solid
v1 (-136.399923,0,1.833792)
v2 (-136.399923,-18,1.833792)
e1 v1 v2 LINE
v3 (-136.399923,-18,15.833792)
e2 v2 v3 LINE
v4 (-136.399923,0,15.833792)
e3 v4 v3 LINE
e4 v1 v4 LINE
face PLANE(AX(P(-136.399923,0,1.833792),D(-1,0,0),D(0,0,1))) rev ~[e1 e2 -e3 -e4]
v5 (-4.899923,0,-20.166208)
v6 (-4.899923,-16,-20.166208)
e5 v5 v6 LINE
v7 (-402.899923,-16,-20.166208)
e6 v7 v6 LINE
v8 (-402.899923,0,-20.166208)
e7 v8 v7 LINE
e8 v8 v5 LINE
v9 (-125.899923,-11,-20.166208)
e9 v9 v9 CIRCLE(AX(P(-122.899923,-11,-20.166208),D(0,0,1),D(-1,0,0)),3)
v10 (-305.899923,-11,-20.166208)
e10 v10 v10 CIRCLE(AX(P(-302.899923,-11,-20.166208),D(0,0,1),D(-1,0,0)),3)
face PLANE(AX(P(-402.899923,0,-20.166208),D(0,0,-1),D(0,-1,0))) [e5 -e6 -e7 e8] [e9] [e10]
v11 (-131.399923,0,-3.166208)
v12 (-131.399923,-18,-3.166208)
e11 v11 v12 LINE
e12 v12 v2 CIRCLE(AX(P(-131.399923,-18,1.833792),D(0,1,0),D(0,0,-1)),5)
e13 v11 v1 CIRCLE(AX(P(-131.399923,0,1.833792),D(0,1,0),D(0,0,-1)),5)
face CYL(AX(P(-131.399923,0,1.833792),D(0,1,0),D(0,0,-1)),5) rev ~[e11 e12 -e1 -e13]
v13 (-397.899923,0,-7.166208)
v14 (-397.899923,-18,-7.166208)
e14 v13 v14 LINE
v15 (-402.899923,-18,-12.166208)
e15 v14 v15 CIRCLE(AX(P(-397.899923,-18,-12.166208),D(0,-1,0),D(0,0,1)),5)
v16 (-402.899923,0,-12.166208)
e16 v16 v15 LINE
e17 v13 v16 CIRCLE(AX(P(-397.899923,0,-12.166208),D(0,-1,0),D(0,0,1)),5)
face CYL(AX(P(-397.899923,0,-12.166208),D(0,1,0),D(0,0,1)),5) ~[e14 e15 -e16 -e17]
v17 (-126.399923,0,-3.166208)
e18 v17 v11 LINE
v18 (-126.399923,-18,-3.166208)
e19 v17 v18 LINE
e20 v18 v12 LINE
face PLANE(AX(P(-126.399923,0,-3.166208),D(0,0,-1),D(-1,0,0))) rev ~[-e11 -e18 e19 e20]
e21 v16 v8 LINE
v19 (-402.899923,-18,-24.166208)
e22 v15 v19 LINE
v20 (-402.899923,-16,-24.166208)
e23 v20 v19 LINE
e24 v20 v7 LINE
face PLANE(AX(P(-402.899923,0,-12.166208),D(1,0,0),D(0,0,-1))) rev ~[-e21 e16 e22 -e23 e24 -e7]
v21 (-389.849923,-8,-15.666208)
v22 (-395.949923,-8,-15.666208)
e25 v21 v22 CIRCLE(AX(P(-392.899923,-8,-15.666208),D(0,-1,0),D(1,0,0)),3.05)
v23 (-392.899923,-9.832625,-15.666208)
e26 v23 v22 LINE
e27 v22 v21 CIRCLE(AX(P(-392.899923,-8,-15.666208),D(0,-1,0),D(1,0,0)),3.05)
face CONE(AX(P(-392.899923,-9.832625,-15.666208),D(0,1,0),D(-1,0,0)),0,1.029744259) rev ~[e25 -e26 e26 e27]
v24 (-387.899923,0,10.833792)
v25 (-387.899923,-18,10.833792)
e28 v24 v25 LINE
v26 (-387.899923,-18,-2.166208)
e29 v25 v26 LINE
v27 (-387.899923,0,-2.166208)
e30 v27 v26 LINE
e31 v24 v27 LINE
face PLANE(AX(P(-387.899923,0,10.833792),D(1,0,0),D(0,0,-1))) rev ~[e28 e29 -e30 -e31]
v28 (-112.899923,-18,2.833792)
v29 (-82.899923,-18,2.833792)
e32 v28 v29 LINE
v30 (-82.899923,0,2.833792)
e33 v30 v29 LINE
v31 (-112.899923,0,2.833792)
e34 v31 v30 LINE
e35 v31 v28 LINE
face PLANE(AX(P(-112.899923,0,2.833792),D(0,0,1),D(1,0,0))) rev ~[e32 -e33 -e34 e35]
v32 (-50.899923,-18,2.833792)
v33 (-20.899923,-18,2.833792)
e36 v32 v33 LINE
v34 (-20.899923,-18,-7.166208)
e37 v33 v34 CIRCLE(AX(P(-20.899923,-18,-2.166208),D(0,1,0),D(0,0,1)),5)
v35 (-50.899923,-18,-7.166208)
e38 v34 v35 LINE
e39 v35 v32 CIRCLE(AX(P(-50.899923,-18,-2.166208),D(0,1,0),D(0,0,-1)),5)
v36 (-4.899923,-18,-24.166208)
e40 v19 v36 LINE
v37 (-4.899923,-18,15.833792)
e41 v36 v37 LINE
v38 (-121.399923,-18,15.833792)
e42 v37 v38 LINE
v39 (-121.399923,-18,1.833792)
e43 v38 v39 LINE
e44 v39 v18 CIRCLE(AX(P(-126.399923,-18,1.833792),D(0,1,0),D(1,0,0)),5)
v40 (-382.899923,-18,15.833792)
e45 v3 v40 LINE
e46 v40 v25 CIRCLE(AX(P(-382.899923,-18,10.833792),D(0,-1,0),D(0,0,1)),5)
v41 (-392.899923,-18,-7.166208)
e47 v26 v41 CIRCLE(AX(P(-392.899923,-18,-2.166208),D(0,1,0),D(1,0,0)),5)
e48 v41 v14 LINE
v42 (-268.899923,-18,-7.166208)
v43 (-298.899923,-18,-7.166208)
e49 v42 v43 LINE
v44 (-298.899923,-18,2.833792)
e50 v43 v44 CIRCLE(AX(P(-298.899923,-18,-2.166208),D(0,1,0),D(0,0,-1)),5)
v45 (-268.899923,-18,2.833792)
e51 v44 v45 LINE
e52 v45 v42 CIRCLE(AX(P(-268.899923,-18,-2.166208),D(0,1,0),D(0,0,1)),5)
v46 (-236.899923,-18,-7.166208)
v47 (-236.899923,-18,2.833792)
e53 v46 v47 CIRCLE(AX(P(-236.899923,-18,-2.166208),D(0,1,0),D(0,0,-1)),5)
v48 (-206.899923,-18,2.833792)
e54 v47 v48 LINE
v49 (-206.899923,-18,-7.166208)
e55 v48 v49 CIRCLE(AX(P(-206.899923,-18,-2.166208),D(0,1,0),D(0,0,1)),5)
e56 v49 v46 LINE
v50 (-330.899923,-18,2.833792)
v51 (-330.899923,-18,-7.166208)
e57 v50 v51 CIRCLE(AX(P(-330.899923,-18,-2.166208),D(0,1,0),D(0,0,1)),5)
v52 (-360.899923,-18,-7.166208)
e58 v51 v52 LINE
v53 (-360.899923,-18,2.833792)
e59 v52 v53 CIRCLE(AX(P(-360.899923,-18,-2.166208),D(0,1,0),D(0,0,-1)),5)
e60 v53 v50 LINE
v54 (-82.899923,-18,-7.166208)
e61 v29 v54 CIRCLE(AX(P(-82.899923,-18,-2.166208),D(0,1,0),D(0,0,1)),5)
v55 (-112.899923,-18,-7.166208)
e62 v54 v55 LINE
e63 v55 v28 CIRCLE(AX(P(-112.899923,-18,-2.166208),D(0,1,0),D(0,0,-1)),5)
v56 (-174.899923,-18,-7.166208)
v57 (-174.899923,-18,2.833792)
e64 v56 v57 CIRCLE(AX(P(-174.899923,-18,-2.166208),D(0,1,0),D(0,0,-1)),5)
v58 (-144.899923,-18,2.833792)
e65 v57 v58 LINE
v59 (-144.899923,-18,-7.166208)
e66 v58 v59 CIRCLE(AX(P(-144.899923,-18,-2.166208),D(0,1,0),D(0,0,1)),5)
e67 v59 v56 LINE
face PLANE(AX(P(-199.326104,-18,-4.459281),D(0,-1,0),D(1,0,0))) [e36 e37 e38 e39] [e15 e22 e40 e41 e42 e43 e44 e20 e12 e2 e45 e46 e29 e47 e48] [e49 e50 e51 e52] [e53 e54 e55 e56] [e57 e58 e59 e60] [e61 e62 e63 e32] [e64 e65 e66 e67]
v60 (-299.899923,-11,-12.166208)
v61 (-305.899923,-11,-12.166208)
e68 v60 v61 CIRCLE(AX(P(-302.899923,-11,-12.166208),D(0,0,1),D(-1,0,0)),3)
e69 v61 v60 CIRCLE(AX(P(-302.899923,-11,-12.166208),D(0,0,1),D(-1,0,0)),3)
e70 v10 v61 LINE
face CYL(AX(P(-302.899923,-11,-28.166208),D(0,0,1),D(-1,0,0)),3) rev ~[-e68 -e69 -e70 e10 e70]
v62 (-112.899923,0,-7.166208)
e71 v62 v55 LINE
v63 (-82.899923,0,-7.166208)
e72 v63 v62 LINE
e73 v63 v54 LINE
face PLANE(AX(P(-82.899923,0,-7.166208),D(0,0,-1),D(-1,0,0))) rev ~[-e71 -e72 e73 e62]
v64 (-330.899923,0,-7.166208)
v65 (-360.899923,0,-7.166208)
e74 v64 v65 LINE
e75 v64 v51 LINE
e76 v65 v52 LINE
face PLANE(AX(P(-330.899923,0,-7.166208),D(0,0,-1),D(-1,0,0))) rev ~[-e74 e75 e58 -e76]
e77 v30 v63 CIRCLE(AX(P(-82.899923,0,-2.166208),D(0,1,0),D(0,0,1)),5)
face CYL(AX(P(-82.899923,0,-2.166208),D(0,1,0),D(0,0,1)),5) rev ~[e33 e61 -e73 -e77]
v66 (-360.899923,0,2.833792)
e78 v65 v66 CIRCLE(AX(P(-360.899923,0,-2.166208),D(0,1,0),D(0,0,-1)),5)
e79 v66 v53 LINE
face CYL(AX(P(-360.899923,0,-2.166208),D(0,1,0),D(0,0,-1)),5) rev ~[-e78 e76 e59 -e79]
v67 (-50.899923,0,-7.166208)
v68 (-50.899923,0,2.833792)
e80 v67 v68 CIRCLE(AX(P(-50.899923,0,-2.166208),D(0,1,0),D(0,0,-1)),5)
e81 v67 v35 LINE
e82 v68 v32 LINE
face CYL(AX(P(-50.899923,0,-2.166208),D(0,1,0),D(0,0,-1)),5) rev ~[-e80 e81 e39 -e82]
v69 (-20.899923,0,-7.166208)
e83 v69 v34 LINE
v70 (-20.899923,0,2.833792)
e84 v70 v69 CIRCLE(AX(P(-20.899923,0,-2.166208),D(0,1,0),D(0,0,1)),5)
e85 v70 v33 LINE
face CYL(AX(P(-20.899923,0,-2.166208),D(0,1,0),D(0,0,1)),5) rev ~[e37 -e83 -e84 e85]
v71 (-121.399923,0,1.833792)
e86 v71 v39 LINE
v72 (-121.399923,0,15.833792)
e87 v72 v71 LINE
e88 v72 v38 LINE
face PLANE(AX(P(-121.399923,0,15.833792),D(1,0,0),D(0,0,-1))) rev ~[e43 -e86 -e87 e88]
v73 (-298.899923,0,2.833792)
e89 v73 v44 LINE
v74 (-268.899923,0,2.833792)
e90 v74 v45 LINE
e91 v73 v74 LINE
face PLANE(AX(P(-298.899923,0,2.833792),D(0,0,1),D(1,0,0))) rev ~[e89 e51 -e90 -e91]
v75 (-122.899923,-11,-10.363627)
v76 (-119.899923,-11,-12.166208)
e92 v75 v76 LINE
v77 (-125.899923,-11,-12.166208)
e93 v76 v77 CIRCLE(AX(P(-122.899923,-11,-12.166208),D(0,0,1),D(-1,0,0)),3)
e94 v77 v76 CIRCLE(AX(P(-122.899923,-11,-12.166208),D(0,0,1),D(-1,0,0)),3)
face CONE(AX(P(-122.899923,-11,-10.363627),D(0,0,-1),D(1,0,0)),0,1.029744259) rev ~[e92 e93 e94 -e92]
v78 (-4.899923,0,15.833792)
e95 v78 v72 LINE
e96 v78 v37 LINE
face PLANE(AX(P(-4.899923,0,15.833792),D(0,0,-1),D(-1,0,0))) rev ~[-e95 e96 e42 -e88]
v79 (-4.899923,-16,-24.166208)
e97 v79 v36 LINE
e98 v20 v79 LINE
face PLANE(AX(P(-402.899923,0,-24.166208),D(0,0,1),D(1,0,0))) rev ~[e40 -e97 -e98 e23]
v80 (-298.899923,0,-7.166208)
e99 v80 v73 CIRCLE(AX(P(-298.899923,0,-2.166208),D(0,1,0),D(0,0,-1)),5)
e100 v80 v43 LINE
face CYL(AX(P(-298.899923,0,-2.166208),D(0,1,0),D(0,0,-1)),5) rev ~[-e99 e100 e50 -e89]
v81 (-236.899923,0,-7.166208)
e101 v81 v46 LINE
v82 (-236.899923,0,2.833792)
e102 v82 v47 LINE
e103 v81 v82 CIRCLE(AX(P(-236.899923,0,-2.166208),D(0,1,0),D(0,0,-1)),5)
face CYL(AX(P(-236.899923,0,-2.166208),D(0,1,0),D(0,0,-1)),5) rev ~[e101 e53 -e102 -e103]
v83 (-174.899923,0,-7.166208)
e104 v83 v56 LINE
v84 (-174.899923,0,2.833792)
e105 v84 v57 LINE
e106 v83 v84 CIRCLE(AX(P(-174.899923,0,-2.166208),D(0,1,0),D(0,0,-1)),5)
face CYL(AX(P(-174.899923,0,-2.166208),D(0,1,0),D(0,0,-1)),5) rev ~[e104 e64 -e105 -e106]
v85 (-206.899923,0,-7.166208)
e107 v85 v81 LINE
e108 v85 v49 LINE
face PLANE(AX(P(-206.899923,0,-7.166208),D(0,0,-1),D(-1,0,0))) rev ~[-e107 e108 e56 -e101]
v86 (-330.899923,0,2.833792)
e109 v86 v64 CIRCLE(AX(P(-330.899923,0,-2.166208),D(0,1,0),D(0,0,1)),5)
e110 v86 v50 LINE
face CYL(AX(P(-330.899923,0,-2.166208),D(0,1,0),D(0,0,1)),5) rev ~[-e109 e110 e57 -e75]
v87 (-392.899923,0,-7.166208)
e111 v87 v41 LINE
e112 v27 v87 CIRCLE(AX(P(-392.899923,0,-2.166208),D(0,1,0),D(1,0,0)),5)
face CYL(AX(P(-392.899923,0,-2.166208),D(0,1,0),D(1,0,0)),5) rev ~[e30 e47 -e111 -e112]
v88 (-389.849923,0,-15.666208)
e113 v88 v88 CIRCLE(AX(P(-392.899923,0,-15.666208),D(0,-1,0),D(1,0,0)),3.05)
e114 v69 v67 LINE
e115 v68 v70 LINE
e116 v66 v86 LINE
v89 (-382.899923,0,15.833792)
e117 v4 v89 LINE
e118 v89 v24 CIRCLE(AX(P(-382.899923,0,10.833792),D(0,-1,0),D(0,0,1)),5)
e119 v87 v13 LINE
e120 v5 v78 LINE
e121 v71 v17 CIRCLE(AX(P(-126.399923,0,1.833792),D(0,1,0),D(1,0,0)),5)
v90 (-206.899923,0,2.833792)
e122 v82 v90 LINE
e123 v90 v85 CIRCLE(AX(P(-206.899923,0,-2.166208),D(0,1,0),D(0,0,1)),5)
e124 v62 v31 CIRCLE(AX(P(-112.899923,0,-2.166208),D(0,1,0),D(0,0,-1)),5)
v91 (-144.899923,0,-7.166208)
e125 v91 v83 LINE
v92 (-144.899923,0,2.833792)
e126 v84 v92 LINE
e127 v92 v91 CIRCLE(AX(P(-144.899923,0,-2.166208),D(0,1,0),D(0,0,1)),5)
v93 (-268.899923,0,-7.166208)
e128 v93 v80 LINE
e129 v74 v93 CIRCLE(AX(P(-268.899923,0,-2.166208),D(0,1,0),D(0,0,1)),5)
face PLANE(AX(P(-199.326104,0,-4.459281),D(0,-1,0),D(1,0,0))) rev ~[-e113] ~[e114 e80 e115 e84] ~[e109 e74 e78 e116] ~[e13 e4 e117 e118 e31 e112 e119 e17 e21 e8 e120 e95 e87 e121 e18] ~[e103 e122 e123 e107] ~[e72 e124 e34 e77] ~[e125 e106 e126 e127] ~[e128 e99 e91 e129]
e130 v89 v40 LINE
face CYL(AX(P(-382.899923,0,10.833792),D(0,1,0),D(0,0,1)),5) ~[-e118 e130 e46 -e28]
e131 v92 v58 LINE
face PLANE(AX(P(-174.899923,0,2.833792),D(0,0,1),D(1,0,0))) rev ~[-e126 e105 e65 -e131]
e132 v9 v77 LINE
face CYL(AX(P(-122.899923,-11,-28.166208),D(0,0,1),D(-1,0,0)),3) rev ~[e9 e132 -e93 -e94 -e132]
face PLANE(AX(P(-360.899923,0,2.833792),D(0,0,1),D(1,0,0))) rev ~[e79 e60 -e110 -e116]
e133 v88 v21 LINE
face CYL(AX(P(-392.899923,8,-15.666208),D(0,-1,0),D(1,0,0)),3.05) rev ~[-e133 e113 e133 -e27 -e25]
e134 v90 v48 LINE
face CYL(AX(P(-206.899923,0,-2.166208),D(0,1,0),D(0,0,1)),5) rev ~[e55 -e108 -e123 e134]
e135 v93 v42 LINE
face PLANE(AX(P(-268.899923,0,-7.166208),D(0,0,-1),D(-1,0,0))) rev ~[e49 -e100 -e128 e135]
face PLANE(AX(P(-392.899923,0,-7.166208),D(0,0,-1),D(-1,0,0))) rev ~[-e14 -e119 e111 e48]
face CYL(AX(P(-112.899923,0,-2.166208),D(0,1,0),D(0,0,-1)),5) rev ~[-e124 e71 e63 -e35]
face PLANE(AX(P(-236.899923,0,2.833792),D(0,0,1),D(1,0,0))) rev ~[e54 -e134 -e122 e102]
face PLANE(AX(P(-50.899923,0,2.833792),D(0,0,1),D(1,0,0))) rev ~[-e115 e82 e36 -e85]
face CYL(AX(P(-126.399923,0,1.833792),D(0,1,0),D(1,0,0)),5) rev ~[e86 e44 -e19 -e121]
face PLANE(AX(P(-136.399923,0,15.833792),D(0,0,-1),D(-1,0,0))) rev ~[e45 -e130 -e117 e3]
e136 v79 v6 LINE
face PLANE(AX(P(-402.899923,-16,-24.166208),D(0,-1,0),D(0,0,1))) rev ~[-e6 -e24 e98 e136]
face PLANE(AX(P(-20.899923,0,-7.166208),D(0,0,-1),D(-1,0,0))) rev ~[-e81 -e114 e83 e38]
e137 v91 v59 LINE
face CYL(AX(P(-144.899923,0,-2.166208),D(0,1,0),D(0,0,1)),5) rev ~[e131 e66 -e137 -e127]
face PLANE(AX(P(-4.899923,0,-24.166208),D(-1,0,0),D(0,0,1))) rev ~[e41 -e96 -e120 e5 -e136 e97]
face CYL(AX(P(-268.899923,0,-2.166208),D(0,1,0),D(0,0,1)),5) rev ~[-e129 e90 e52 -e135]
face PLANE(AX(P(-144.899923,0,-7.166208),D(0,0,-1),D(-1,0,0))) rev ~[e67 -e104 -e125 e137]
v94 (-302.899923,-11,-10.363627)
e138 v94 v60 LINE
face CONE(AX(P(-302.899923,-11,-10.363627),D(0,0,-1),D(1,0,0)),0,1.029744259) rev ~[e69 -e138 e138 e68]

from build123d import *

# Parameters (mm, degrees)
F1_DEPTH = 18
F2_W     = 16
F2_H     = 4
F3_DEPTH = 400
F5_D     = 6
F5_DEPTH = 8
F5_TIP   = 1.8025818571
F7_D     = 6.1
F7_DEPTH = 8
F7_TIP   = 1.832624888


with BuildPart() as f1:
    # F0 (on Front) → F1 (new body)
    with BuildSketch(Plane.XZ):
        with BuildLine():
            ThreePointArc((-397.8999233717, -7.1662084662), (-401.4354572777, -8.6306745602), (-402.8999233717, -12.1662084662))
            Line((-402.8999233717, -12.1662084662), (-402.8999233717, -24.1662084662))
            Line((-402.8999233717, -24.1662084662), (-4.8999233717, -24.1662084662))
            Line((-4.8999233717, -24.1662084662), (-4.8999233717, 15.8337915338))
            Line((-4.8999233717, 15.8337915338), (-121.3999233717, 15.8337915338))
            Line((-121.3999233717, 15.8337915338), (-121.3999233717, 1.8337915338))
            ThreePointArc((-121.3999233717, 1.8337915338), (-122.8643894658, -1.7017423721), (-126.3999233717, -3.1662084662))
            Line((-126.3999233717, -3.1662084662), (-131.3999233717, -3.1662084662))
            ThreePointArc((-131.3999233717, -3.1662084662), (-134.9354572777, -1.7017423721), (-136.3999233717, 1.8337915338))
            Line((-136.3999233717, 1.8337915338), (-136.3999233717, 15.8337915338))
            Line((-136.3999233717, 15.8337915338), (-382.8999233717, 15.8337915338))
            ThreePointArc((-382.8999233717, 15.8337915338), (-386.4354572777, 14.3693254398), (-387.8999233717, 10.8337915338))
            Line((-387.8999233717, 10.8337915338), (-387.8999233717, -2.1662084662))
            ThreePointArc((-387.8999233717, -2.1662084662), (-389.3643894658, -5.7017423721), (-392.8999233717, -7.1662084662))
            Line((-392.8999233717, -7.1662084662), (-397.8999233717, -7.1662084662))
        make_face()
        with BuildLine():
            ThreePointArc((-330.8999233717, 2.8337915338), (-325.8999233717, -2.1662084662), (-330.8999233717, -7.1662084662))
            Line((-330.8999233717, -7.1662084662), (-360.8999233717, -7.1662084662))
            ThreePointArc((-360.8999233717, -7.1662084662), (-365.8999233717, -2.1662084662), (-360.8999233717, 2.8337915338))
            Line((-360.8999233717, 2.8337915338), (-330.8999233717, 2.8337915338))
        make_face(mode=Mode.SUBTRACT)
        with BuildLine():
            ThreePointArc((-268.8999233717, 2.8337915338), (-263.8999233717, -2.1662084662), (-268.8999233717, -7.1662084662))
            Line((-268.8999233717, -7.1662084662), (-298.8999233717, -7.1662084662))
            ThreePointArc((-298.8999233717, -7.1662084662), (-303.8999233717, -2.1662084662), (-298.8999233717, 2.8337915338))
            Line((-298.8999233717, 2.8337915338), (-268.8999233717, 2.8337915338))
        make_face(mode=Mode.SUBTRACT)
        with BuildLine():
            ThreePointArc((-206.8999233717, 2.8337915338), (-201.8999233717, -2.1662084662), (-206.8999233717, -7.1662084662))
            Line((-206.8999233717, -7.1662084662), (-236.8999233717, -7.1662084662))
            ThreePointArc((-236.8999233717, -7.1662084662), (-241.8999233717, -2.1662084662), (-236.8999233717, 2.8337915338))
            Line((-236.8999233717, 2.8337915338), (-206.8999233717, 2.8337915338))
        make_face(mode=Mode.SUBTRACT)
        with BuildLine():
            ThreePointArc((-144.8999233717, 2.8337915338), (-139.8999233717, -2.1662084662), (-144.8999233717, -7.1662084662))
            Line((-144.8999233717, -7.1662084662), (-174.8999233717, -7.1662084662))
            ThreePointArc((-174.8999233717, -7.1662084662), (-179.8999233717, -2.1662084662), (-174.8999233717, 2.8337915338))
            Line((-174.8999233717, 2.8337915338), (-144.8999233717, 2.8337915338))
        make_face(mode=Mode.SUBTRACT)
        with BuildLine():
            ThreePointArc((-82.8999233717, 2.8337915338), (-77.8999233717, -2.1662084662), (-82.8999233717, -7.1662084662))
            Line((-82.8999233717, -7.1662084662), (-112.8999233717, -7.1662084662))
            ThreePointArc((-112.8999233717, -7.1662084662), (-117.8999233717, -2.1662084662), (-112.8999233717, 2.8337915338))
            Line((-112.8999233717, 2.8337915338), (-82.8999233717, 2.8337915338))
        make_face(mode=Mode.SUBTRACT)
        with BuildLine():
            ThreePointArc((-20.8999233717, 2.8337915338), (-15.8999233717, -2.1662084662), (-20.8999233717, -7.1662084662))
            Line((-20.8999233717, -7.1662084662), (-50.8999233717, -7.1662084662))
            ThreePointArc((-50.8999233717, -7.1662084662), (-55.8999233717, -2.1662084662), (-50.8999233717, 2.8337915338))
            Line((-50.8999233717, 2.8337915338), (-20.8999233717, 2.8337915338))
        make_face(mode=Mode.SUBTRACT)
    extrude(amount=F1_DEPTH)

    # F2 (on face) → F3 (cut)
    with BuildSketch(Plane(origin=(-402.8999233717, 0, 0), x_dir=(0, -1, 0), z_dir=(-1, 0, 0))):
        with Locations((8, -22.1662084662)):
            Rectangle(F2_W, F2_H)
    extrude(amount=-F3_DEPTH, mode=Mode.SUBTRACT)

    # F5
    with Locations(Plane(origin=(0, 0, -20.1662084662), x_dir=(1, 0, 0), z_dir=(0, 0, -1))):
        with Locations((-302.8999233717, 11), (-122.8999233717, 11)):
            Hole(F5_D / 2, depth=F5_DEPTH)
            with Locations((0, 0, -(F5_DEPTH + F5_TIP / 2))):  # 118° drill point
                Cone(0, F5_D / 2, F5_TIP, mode=Mode.SUBTRACT)

    # F7
    with Locations(Plane(origin=(0, 0, 0), x_dir=(-1, 0, 0), z_dir=(0, 1, 0))):
        with Locations((392.8999233717, -15.6662084662)):
            Hole(F7_D / 2, depth=F7_DEPTH)
            with Locations((0, 0, -(F7_DEPTH + F7_TIP / 2))):  # 118° drill point
                Cone(0, F7_D / 2, F7_TIP, mode=Mode.SUBTRACT)


solid = f1.part
